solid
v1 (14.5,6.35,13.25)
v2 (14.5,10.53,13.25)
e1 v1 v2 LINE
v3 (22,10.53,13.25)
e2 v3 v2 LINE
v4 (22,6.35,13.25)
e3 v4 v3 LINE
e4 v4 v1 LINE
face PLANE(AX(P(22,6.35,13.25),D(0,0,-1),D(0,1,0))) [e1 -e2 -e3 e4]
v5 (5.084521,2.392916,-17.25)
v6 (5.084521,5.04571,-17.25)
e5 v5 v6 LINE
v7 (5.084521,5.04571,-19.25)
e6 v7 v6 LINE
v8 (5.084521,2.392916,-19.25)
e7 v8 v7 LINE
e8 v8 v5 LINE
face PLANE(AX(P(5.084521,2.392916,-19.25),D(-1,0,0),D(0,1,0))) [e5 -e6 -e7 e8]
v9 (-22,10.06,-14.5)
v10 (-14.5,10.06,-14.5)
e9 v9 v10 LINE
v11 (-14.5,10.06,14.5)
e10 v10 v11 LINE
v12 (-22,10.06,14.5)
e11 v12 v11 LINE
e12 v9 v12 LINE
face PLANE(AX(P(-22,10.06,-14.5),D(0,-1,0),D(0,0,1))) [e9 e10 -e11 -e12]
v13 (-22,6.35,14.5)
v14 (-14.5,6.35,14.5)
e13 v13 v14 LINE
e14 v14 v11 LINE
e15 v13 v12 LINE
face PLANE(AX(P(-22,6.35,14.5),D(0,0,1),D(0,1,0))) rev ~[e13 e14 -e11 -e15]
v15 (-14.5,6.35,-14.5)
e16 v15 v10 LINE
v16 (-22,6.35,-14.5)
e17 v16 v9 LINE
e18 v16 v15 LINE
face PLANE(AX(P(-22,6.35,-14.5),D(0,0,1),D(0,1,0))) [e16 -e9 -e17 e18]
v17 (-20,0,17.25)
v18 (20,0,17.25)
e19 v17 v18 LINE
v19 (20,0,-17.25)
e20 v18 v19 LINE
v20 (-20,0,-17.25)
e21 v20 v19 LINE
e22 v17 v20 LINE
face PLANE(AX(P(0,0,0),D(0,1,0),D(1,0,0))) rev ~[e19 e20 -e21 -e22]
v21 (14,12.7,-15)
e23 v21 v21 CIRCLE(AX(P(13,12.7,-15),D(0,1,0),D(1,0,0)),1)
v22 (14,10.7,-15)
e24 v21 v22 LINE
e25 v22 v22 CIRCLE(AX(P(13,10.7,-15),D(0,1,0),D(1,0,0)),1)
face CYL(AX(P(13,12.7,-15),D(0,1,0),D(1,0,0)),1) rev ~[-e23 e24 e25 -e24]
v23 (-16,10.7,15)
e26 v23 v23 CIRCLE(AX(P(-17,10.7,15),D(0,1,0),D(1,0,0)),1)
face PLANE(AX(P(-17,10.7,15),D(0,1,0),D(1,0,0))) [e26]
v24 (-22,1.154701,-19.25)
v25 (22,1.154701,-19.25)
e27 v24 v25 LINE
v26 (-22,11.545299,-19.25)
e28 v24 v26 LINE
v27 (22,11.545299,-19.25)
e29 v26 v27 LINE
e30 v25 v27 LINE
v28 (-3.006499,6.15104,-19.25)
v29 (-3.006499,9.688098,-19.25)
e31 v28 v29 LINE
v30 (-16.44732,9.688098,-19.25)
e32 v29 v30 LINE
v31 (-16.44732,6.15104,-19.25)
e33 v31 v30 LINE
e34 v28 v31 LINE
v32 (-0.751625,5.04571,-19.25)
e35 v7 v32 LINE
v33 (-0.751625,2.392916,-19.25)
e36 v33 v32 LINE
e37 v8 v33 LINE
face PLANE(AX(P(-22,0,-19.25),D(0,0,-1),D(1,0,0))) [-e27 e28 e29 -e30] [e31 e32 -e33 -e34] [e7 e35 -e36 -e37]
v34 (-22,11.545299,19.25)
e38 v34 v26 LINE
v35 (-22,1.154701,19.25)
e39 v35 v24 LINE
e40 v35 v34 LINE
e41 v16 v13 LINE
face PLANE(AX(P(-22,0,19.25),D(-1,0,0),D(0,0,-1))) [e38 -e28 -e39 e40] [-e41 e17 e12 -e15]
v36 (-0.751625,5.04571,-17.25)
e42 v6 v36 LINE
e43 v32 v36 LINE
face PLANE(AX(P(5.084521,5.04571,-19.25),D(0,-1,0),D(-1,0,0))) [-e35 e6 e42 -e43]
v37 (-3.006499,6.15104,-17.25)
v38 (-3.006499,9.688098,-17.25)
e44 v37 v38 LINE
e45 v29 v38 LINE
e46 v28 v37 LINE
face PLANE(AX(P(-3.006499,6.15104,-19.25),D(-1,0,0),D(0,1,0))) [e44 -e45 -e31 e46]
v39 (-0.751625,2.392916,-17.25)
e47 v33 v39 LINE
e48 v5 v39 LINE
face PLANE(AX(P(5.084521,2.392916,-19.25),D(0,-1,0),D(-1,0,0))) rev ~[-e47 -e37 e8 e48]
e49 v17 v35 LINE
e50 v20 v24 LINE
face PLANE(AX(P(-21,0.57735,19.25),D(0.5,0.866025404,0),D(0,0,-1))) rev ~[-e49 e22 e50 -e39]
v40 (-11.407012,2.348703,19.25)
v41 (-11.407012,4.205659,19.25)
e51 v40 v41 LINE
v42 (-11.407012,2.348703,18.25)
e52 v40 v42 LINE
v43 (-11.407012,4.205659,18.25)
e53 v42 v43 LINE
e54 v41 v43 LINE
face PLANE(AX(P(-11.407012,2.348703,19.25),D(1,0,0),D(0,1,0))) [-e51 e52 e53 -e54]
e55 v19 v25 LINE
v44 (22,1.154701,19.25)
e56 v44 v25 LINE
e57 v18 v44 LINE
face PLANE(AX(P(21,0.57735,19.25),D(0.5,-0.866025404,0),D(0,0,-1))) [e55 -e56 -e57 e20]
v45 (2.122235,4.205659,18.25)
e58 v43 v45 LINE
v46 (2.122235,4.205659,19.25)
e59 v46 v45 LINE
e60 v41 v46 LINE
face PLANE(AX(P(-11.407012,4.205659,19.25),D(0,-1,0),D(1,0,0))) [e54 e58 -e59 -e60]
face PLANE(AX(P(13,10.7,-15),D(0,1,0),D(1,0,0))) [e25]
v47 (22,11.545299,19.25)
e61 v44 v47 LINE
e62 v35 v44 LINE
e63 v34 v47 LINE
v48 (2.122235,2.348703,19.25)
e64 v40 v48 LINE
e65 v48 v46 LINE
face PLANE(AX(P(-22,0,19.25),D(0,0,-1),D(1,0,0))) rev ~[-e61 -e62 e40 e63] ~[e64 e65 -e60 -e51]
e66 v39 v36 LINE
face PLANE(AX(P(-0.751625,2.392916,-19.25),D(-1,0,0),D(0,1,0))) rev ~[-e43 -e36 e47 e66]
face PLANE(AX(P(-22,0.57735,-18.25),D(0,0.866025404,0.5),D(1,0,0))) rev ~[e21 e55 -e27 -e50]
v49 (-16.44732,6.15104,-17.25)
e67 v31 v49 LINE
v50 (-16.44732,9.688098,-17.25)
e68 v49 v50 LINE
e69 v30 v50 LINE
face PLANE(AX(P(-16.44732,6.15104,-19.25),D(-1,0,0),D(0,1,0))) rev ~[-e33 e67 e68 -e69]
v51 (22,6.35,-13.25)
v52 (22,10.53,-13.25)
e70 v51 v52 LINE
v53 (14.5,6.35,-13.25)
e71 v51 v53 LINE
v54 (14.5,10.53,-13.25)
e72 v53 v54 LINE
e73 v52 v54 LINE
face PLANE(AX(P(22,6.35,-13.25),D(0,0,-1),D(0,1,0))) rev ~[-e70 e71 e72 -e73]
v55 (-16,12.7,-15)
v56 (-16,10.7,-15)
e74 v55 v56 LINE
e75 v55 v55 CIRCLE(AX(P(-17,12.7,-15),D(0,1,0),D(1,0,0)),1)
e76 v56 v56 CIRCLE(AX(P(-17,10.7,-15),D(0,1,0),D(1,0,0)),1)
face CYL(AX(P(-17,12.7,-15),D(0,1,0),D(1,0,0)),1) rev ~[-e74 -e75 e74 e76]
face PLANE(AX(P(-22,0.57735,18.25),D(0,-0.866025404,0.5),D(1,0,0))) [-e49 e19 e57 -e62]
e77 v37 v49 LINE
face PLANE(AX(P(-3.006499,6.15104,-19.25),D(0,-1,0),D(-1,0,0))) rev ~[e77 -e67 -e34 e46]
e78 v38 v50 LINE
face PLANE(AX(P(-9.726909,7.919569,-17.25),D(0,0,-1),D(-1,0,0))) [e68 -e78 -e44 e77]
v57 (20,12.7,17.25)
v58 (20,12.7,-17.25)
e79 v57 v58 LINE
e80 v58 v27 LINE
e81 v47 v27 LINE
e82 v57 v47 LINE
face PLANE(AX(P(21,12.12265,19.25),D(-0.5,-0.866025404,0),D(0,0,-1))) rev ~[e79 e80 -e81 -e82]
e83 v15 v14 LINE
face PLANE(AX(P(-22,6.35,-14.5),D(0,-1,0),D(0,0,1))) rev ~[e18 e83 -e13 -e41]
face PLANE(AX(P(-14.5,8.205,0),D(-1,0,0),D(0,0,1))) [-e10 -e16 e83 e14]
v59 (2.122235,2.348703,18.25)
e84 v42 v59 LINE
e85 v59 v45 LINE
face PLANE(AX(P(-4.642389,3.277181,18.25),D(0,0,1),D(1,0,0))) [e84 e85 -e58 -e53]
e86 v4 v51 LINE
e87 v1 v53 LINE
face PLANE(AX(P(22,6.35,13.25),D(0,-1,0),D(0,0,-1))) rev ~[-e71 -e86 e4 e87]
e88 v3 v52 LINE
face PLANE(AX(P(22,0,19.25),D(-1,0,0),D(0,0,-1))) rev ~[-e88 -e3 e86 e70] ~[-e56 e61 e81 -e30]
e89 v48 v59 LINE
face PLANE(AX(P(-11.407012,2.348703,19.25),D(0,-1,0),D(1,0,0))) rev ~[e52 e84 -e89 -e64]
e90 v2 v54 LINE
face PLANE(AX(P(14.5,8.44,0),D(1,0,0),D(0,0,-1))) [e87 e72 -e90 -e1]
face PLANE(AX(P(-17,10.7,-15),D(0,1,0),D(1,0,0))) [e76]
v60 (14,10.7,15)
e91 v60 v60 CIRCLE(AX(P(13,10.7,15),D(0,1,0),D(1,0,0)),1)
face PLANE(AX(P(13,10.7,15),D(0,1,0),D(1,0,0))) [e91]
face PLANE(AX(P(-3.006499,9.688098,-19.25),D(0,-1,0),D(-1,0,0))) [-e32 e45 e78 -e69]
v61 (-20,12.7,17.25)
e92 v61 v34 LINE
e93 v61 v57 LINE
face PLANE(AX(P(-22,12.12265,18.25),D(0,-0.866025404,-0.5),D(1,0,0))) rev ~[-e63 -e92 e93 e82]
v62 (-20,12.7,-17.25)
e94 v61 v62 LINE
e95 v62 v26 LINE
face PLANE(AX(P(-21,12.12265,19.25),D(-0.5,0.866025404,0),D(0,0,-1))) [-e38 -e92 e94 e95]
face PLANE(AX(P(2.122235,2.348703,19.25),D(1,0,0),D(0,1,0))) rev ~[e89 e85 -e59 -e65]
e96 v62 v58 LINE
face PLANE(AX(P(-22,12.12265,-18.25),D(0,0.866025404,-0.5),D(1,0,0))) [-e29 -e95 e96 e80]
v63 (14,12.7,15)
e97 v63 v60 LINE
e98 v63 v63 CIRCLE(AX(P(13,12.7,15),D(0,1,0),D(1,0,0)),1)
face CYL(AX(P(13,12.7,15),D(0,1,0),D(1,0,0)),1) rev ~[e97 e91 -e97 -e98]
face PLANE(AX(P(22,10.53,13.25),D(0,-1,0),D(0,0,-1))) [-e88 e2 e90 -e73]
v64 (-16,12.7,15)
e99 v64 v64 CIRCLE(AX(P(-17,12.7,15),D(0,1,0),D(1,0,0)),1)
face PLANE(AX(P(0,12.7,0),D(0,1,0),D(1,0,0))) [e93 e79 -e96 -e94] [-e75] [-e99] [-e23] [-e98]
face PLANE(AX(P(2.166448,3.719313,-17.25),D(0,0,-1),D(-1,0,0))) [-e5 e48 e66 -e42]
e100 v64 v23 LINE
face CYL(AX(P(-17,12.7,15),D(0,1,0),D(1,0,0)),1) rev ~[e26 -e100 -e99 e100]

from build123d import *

# Parameters (mm, degrees)
SKETCH1_W             = 44
SKETCH1_H             = 38.5
BOSS_EXTRUDE1_DEPTH   = 12.7
CHAMFER1_SIZE         = 2
CHAMFER1_SIZE2        = 1.154700538
CHAMFER1_PART_2_SIZE  = 2
CHAMFER1_PART_2_SIZE2 = 1.154700538
SKETCH2_W             = 29
SKETCH2_H             = 3.71
CUT_EXTRUDE1_DEPTH    = 7.5
SKETCH3_W             = 26.5
SKETCH3_H             = 4.18
CUT_EXTRUDE2_DEPTH    = 7.5
SKETCH5_R             = 1
CUT_EXTRUDE3_DEPTH    = 2
SKETCH6_W             = 5.836145695
SKETCH6_H             = 2.652793498
SKETCH6_W_2           = 13.440820391
SKETCH6_H_2           = 3.537057997
CUT_EXTRUDE4_DEPTH    = 2
SKETCH7_W             = 13.529246841
SKETCH7_H             = 1.856955449
CUT_EXTRUDE5_DEPTH    = 1


with BuildPart() as part:
    # Sketch1 → Boss-Extrude1 (new body)
    with BuildSketch(Plane(origin=(0, 0, 0), x_dir=(1, 0, 0), z_dir=(0, 1, 0))):
        Rectangle(SKETCH1_W, SKETCH1_H)
    extrude(amount=BOSS_EXTRUDE1_DEPTH)

    # Chamfer1
    chamfer1_edges = [part.edges().sort_by_distance(p)[0] for p in [
        (-22, 12.7, 0),
        (0, 12.7, 19.25),
        (22, 12.7, 0),
        (0, 12.7, -19.25),
    ]]
    chamfer1_side = [part.faces().sort_by_distance(p)[0] for p in [
        (0, 12.7, 0),
    ]]
    chamfer(chamfer1_edges, length=CHAMFER1_SIZE, length2=CHAMFER1_SIZE2, reference=chamfer1_side[0])

    # Chamfer1 part 2
    chamfer1_part_2_edges = [part.edges().sort_by_distance(p)[0] for p in [
        (0, 0, 19.25),
        (-22, 0, 0),
        (0, 0, -19.25),
        (22, 0, 0),
    ]]
    chamfer1_part_2_side = [part.faces().sort_by_distance(p)[0] for p in [
        (0, 0, 0),
    ]]
    chamfer(chamfer1_part_2_edges, length=CHAMFER1_PART_2_SIZE, length2=CHAMFER1_PART_2_SIZE2, reference=chamfer1_part_2_side[0])

    # Sketch2 → Cut-Extrude1 (cut)
    with BuildSketch(Plane.ZY.offset(22)):
        with Locations((0, 8.205)):
            Rectangle(SKETCH2_W, SKETCH2_H)
    extrude(amount=-CUT_EXTRUDE1_DEPTH, mode=Mode.SUBTRACT)

    # Sketch3 → Cut-Extrude2 (cut)
    with BuildSketch(Plane(origin=(22, 0, 0), x_dir=(0, 0, -1), z_dir=(1, 0, 0))):
        with Locations((0, 8.44)):
            Rectangle(SKETCH3_W, SKETCH3_H)
    extrude(amount=-CUT_EXTRUDE2_DEPTH, mode=Mode.SUBTRACT)

    # Sketch5 → Cut-Extrude3 (cut)
    with BuildSketch(Plane(origin=(0, 12.7, 0), x_dir=(1, 0, 0), z_dir=(0, 1, 0))):
        with Locations((-17, -15)):
            Circle(SKETCH5_R)
        with Locations((-17, 15)):
            Circle(SKETCH5_R)
        with Locations((13, 15)):
            Circle(SKETCH5_R)
        with Locations((13, -15)):
            Circle(SKETCH5_R)
    extrude(amount=-CUT_EXTRUDE3_DEPTH, mode=Mode.SUBTRACT)

    # Sketch6 → Cut-Extrude4 (cut)
    with BuildSketch(Plane(origin=(0, 0, -19.25), x_dir=(-1, 0, 0), z_dir=(0, 0, -1))):
        with Locations((-2.166448024, 3.719313114)):
            Rectangle(SKETCH6_W, SKETCH6_H)
        with Locations((9.726909494, 7.919569487)):
            Rectangle(SKETCH6_W_2, SKETCH6_H_2)
    extrude(amount=-CUT_EXTRUDE4_DEPTH, mode=Mode.SUBTRACT)

    # Sketch7 → Cut-Extrude5 (cut)
    with BuildSketch(Plane.XY.offset(19.25)):
        with Locations((-4.642388622, 3.277180865)):
            Rectangle(SKETCH7_W, SKETCH7_H)
    extrude(amount=-CUT_EXTRUDE5_DEPTH, mode=Mode.SUBTRACT)


solid = part.part
